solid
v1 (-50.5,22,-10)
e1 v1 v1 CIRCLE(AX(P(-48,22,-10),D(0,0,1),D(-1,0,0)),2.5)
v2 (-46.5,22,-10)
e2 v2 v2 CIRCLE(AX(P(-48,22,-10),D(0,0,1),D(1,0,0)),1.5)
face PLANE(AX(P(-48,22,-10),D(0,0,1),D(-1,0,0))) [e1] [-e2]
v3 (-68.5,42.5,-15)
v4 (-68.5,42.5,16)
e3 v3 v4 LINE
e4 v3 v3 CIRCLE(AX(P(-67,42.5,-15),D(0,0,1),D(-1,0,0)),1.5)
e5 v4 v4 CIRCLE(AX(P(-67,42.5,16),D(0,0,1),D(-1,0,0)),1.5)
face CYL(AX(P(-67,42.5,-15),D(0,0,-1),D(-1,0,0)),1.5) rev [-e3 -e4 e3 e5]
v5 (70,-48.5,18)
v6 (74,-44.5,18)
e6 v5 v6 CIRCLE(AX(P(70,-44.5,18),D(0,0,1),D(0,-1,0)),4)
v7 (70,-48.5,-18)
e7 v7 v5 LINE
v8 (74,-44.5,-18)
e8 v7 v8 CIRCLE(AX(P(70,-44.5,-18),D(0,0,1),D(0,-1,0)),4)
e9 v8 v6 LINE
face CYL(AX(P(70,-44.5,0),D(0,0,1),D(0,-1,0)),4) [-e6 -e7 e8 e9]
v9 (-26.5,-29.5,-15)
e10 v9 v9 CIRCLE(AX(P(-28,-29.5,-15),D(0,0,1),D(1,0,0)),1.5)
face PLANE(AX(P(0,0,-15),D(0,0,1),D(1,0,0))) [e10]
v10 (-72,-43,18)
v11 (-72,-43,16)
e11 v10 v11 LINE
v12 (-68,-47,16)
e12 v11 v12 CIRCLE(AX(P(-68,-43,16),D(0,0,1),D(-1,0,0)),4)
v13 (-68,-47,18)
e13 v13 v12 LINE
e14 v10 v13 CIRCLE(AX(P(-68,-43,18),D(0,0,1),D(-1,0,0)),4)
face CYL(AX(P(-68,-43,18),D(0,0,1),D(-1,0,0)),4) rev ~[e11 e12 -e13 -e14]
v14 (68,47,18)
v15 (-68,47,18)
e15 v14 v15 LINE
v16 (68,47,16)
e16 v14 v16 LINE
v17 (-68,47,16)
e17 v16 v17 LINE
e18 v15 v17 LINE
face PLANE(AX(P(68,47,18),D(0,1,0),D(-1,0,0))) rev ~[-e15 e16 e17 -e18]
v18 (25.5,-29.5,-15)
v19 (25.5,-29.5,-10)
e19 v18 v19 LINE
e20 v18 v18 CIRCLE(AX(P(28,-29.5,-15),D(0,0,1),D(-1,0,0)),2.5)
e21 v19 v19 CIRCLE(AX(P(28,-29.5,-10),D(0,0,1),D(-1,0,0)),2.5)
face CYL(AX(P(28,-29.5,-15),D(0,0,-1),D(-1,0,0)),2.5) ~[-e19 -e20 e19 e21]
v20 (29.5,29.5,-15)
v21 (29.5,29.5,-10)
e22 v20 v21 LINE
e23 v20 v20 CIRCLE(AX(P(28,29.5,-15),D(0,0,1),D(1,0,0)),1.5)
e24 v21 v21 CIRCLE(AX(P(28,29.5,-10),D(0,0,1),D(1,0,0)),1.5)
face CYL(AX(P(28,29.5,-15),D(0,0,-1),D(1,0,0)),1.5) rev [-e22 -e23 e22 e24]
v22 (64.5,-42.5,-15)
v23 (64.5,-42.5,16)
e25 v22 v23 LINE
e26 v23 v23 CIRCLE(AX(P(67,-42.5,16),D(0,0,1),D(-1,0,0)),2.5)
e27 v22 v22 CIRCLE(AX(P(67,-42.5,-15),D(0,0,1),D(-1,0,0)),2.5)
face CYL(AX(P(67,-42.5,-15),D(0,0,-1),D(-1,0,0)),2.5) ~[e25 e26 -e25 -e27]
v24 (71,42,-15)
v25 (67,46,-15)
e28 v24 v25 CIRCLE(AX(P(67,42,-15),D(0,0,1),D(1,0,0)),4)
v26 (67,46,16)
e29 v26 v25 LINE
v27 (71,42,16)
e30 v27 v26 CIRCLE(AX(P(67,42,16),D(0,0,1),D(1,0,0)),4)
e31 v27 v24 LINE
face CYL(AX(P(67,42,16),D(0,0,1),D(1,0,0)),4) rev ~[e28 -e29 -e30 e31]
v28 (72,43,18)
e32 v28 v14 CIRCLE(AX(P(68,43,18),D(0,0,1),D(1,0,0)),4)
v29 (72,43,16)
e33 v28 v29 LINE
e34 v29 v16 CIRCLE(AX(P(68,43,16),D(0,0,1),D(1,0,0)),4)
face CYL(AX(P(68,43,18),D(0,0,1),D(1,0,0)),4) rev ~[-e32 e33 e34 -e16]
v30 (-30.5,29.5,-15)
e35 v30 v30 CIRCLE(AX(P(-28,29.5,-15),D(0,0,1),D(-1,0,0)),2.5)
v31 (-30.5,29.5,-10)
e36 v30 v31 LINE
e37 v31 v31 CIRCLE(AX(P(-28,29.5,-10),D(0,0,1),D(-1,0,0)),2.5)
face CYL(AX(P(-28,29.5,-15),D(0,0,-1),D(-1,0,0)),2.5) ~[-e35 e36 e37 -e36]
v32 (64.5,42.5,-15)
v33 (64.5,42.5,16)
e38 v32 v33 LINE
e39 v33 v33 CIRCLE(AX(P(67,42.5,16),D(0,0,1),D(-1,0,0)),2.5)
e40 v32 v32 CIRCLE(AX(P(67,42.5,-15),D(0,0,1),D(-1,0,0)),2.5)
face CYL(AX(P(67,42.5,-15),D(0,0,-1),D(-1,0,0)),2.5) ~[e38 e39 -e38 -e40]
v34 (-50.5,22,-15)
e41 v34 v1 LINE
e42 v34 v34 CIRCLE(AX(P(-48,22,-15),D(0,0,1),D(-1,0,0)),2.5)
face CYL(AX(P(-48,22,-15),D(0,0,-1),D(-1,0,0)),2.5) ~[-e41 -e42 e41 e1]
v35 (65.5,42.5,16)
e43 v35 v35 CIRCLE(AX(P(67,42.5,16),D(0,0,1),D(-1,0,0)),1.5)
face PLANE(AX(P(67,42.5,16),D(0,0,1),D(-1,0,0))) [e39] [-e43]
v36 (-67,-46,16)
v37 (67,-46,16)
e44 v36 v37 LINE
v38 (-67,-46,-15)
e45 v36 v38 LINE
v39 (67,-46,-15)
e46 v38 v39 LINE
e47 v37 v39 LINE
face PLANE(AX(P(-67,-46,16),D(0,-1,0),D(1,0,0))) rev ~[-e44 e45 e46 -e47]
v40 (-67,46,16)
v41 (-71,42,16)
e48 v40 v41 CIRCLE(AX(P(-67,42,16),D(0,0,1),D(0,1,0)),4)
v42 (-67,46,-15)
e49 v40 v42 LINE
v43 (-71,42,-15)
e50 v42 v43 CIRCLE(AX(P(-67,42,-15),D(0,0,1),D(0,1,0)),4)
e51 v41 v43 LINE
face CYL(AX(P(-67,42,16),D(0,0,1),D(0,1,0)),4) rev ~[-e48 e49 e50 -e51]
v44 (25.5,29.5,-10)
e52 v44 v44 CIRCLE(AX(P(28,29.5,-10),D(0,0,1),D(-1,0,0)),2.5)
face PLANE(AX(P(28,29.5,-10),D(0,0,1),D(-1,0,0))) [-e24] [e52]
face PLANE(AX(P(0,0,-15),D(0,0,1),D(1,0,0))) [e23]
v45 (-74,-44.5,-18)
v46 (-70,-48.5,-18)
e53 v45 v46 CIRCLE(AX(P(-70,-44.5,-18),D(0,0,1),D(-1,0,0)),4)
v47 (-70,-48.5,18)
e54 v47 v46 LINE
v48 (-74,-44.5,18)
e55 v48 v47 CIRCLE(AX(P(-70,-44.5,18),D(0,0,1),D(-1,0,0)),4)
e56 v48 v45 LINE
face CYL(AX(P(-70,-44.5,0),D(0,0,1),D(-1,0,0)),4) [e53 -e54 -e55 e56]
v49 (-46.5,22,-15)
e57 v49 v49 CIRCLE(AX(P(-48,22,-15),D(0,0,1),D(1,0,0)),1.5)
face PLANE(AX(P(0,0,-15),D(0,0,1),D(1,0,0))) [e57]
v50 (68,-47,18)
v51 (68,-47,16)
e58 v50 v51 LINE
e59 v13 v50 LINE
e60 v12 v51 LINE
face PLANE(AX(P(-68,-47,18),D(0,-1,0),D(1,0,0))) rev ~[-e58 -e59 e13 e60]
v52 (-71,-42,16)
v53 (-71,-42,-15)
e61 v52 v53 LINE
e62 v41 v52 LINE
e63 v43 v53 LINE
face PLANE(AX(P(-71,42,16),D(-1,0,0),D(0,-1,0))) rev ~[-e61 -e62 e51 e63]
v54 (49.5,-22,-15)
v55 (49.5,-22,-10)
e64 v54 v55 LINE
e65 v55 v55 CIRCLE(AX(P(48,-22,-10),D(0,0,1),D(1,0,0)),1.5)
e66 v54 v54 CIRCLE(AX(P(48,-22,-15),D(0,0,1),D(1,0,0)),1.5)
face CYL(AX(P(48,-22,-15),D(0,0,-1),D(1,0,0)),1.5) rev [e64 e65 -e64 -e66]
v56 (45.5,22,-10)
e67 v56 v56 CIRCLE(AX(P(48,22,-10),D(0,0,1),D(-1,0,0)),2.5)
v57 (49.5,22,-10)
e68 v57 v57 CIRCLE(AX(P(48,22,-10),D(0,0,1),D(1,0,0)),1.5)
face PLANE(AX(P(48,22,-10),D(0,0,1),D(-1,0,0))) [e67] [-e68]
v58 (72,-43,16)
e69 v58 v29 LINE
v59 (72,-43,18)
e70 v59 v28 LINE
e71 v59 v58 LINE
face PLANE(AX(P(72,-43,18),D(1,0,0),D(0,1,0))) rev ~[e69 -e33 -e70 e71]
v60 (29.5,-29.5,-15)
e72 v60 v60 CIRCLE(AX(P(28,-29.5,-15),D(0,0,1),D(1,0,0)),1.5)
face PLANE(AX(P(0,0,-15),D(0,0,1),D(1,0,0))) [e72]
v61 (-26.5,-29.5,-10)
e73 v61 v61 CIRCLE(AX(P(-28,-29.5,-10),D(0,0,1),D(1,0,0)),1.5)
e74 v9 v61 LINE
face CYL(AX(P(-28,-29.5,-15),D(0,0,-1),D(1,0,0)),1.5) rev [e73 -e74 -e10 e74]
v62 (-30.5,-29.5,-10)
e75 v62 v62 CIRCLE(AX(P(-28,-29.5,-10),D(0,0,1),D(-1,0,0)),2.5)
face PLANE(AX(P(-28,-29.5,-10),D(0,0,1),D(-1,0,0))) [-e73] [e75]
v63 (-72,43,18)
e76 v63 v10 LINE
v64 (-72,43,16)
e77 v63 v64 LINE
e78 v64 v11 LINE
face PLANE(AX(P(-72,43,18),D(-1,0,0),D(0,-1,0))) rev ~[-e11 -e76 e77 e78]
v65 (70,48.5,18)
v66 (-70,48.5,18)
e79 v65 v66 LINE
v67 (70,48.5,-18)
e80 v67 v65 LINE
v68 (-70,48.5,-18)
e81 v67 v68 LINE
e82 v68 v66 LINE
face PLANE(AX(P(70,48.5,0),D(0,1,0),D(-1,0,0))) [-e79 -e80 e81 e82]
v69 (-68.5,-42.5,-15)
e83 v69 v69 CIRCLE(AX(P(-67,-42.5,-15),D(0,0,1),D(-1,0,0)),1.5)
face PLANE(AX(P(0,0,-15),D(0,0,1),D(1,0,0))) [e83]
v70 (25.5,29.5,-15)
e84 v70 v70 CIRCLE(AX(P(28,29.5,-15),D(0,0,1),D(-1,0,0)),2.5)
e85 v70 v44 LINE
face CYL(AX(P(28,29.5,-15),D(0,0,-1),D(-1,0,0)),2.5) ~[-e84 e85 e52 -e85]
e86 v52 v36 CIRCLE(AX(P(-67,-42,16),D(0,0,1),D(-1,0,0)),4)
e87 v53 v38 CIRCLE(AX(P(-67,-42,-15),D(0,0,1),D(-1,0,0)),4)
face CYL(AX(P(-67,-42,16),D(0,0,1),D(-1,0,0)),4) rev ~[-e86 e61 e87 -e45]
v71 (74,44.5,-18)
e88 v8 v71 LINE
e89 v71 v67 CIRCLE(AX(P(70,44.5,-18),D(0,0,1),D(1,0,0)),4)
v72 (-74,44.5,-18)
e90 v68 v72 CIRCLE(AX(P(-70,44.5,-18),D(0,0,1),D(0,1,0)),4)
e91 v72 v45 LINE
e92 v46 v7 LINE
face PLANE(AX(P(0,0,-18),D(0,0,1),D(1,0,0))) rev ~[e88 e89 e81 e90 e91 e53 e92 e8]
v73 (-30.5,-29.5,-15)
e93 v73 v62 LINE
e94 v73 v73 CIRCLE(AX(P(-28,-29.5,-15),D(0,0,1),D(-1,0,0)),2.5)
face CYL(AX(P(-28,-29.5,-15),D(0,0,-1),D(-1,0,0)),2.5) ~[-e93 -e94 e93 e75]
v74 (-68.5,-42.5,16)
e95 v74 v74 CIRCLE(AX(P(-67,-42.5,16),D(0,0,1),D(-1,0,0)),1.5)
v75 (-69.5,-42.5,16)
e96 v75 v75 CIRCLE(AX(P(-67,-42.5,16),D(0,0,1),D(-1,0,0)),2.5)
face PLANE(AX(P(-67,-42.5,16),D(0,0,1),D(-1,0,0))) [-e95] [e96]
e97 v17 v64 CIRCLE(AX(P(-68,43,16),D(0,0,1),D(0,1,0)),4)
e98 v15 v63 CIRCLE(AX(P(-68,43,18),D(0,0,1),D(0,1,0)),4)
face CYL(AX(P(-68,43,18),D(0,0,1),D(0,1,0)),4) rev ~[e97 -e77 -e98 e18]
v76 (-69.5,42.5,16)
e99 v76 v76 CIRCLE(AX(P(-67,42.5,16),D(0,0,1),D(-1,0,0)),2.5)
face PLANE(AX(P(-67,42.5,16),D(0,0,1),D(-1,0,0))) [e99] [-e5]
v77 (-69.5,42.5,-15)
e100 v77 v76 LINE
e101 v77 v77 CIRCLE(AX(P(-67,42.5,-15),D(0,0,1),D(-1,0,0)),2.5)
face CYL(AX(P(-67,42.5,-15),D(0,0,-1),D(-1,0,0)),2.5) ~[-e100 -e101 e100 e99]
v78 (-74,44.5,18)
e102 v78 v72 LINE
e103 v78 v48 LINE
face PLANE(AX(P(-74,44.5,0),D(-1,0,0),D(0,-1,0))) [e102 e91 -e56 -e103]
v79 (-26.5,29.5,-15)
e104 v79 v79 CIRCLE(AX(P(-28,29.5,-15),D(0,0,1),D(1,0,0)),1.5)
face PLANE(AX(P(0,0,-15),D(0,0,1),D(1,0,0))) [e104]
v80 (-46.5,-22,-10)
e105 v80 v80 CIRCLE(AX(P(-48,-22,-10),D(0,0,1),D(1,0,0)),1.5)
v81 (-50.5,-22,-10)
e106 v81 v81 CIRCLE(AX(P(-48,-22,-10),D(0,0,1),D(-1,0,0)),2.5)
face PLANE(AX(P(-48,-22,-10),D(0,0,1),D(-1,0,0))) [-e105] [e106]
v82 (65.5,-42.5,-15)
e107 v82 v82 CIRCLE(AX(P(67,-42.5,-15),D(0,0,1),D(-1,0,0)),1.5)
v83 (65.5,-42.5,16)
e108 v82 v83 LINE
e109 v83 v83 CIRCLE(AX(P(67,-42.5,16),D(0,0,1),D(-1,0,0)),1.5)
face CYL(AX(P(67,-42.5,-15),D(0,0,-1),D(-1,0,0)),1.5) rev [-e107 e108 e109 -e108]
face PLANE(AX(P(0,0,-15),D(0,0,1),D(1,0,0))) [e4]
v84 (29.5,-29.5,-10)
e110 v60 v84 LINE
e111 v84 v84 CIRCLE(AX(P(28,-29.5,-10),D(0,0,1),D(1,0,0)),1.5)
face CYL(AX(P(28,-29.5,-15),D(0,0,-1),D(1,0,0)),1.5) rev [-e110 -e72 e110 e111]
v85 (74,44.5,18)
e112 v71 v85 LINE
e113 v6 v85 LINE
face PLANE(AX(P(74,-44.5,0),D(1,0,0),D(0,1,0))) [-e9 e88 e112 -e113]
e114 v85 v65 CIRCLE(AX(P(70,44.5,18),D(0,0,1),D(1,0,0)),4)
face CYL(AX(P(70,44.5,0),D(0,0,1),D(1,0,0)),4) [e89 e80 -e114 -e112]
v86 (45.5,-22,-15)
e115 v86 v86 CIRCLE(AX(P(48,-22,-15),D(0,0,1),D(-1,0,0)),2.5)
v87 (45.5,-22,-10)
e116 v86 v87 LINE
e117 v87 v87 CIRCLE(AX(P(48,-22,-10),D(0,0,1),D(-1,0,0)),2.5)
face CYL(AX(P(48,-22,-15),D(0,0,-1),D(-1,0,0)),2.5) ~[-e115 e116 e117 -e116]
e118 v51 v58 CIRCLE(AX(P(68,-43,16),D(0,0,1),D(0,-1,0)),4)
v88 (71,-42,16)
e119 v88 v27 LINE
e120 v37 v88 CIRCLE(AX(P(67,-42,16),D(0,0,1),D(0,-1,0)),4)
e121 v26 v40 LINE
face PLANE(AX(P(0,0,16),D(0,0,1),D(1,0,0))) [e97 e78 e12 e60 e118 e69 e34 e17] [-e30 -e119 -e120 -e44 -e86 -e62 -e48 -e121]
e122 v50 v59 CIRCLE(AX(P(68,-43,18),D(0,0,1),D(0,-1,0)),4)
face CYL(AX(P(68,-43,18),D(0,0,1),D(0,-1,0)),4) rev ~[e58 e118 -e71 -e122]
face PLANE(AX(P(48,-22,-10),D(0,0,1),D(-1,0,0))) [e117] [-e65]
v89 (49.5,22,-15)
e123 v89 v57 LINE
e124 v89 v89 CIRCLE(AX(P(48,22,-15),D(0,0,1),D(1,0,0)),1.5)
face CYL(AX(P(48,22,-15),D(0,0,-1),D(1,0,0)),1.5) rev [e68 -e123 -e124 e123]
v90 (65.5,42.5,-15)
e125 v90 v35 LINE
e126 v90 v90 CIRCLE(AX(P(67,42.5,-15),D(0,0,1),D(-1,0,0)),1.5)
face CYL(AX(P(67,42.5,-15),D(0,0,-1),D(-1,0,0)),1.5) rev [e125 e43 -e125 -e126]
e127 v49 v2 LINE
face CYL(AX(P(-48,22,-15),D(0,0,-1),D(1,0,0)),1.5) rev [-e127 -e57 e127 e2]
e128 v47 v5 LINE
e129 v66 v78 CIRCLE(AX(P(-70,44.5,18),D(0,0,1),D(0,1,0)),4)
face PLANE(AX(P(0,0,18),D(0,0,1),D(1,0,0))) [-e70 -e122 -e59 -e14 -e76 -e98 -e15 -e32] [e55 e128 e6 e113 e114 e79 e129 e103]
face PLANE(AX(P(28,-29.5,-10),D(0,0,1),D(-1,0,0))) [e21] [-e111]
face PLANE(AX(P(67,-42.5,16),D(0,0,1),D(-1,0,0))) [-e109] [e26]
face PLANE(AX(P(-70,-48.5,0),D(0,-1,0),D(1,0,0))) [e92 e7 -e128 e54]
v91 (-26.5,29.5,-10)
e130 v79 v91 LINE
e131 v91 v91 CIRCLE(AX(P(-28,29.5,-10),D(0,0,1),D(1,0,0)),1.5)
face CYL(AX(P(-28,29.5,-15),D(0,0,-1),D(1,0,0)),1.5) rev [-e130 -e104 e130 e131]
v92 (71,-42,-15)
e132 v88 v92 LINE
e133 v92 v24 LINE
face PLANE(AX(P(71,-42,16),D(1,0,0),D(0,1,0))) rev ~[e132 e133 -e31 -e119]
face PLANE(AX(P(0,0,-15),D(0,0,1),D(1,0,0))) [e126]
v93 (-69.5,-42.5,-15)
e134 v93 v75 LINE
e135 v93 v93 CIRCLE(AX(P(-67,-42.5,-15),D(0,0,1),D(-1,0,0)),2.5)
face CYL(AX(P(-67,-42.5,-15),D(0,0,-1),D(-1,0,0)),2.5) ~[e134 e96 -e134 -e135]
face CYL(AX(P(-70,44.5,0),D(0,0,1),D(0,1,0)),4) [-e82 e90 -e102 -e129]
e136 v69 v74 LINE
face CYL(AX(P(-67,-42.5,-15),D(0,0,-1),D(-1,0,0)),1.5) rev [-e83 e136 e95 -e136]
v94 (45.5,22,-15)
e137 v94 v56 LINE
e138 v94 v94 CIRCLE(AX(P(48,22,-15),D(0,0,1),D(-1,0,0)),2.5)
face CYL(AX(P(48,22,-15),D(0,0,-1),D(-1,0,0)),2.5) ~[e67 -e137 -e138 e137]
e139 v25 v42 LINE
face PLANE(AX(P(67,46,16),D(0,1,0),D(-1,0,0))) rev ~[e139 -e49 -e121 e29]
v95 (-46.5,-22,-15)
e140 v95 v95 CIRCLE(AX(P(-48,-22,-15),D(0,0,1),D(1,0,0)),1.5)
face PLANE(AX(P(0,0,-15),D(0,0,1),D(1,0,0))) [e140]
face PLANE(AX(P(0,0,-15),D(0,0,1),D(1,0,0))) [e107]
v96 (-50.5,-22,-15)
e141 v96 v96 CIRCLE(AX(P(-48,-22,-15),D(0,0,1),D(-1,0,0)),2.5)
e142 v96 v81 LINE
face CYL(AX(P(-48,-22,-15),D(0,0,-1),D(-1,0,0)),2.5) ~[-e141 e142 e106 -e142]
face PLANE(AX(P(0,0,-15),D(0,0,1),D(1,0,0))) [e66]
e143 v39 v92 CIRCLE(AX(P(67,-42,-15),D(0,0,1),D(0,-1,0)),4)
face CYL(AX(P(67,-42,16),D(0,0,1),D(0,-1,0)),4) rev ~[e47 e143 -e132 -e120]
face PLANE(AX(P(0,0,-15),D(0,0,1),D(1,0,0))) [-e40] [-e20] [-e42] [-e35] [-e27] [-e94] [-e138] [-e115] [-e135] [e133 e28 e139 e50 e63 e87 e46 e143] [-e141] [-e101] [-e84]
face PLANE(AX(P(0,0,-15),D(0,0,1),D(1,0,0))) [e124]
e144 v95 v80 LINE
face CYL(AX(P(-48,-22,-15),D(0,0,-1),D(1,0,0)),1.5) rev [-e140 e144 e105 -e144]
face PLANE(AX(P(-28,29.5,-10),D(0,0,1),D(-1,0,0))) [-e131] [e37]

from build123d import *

# Parameters (mm, degrees)
RESSALTO_EXTRUS_O1_DEPTH = 18
CORTE_EXTRUS_O1_DEPTH    = 2
CORTE_EXTRUS_O2_DEPTH    = 31
ESBO_O4_R                = 2.5
ESBO_O4_R_2              = 1.5
RESSALTO_EXTRUS_O2_DEPTH = 5
ESBO_O5_R                = 2.5
ESBO_O5_R_2              = 1.5
RESSALTO_EXTRUS_O3_DEPTH = 31


with BuildPart() as part:
    # Esboço1 → Ressalto-extrusão1 (new, symmetric)
    with BuildSketch(Plane.XY):
        with BuildLine():
            Line((-70, -48.5), (70, -48.5))
            ThreePointArc((70, -48.5), (72.828427125, -47.328427125), (74, -44.5))
            Line((74, -44.5), (74, 44.5))
            ThreePointArc((74, 44.5), (72.828427125, 47.328427125), (70, 48.5))
            Line((70, 48.5), (-70, 48.5))
            ThreePointArc((-70, 48.5), (-72.828427125, 47.328427125), (-74, 44.5))
            Line((-74, 44.5), (-74, -44.5))
            ThreePointArc((-74, -44.5), (-72.828427125, -47.328427125), (-70, -48.5))
        make_face()
    extrude(amount=RESSALTO_EXTRUS_O1_DEPTH, both=True)

    # Esboço2 → Corte-extrusão1 (cut)
    with BuildSketch(Plane.XY.offset(18)):
        with BuildLine():
            Line((-68, -47), (68, -47))
            ThreePointArc((68, -47), (70.828427125, -45.828427125), (72, -43))
            Line((72, -43), (72, 43))
            ThreePointArc((72, 43), (70.828427125, 45.828427125), (68, 47))
            Line((68, 47), (-68, 47))
            ThreePointArc((-68, 47), (-70.828427125, 45.828427125), (-72, 43))
            Line((-72, 43), (-72, -43))
            ThreePointArc((-72, -43), (-70.828427125, -45.828427125), (-68, -47))
        make_face()
    extrude(amount=-CORTE_EXTRUS_O1_DEPTH, mode=Mode.SUBTRACT)

    # Esboço3 → Corte-extrusão2 (cut)
    with BuildSketch(Plane.XY.offset(16)):
        with BuildLine():
            Line((-67, -46), (67, -46))
            ThreePointArc((67, -46), (69.828427125, -44.828427125), (71, -42))
            Line((71, -42), (71, 42))
            ThreePointArc((71, 42), (69.828427125, 44.828427125), (67, 46))
            Line((67, 46), (-67, 46))
            ThreePointArc((-67, 46), (-69.828427125, 44.828427125), (-71, 42))
            Line((-71, 42), (-71, -42))
            ThreePointArc((-71, -42), (-69.828427125, -44.828427125), (-67, -46))
        make_face()
    extrude(amount=-CORTE_EXTRUS_O2_DEPTH, mode=Mode.SUBTRACT)

    # Esboço4 → Ressalto-extrusão2 (add)
    # profile 1 of 8: a face of its own
    with BuildSketch(Plane.XY.offset(-15)):
        with Locations(Location((-28, 29.5, 0), (0, 0, 180))):
            Circle(ESBO_O4_R)
        with Locations((-28, 29.5)):
            Circle(ESBO_O4_R_2, mode=Mode.SUBTRACT)
    # profile 2 of 8: a face of its own
    with BuildSketch(Plane.XY.offset(-15)):
        with Locations(Location((28, 29.5, 0), (0, 0, 180))):
            Circle(ESBO_O4_R)
        with Locations((28, 29.5)):
            Circle(ESBO_O4_R_2, mode=Mode.SUBTRACT)
    # profile 3 of 8: a face of its own
    with BuildSketch(Plane.XY.offset(-15)):
        with Locations(Location((28, -29.5, 0), (0, 0, 180))):
            Circle(ESBO_O4_R)
        with Locations((28, -29.5)):
            Circle(ESBO_O4_R_2, mode=Mode.SUBTRACT)
    # profile 4 of 8: a face of its own
    with BuildSketch(Plane.XY.offset(-15)):
        with Locations(Location((-28, -29.5, 0), (0, 0, 180))):
            Circle(ESBO_O4_R)
        with Locations((-28, -29.5)):
            Circle(ESBO_O4_R_2, mode=Mode.SUBTRACT)
    # profile 5 of 8: a face of its own
    with BuildSketch(Plane.XY.offset(-15)):
        with Locations(Location((-48, 22, 0), (0, 0, 180))):
            Circle(ESBO_O4_R)
        with Locations((-48, 22)):
            Circle(ESBO_O4_R_2, mode=Mode.SUBTRACT)
    # profile 6 of 8: a face of its own
    with BuildSketch(Plane.XY.offset(-15)):
        with Locations(Location((-48, -22, 0), (0, 0, 180))):
            Circle(ESBO_O4_R)
        with Locations((-48, -22)):
            Circle(ESBO_O4_R_2, mode=Mode.SUBTRACT)
    # profile 7 of 8: a face of its own
    with BuildSketch(Plane.XY.offset(-15)):
        with Locations(Location((48, -22, 0), (0, 0, 180))):
            Circle(ESBO_O4_R)
        with Locations((48, -22)):
            Circle(ESBO_O4_R_2, mode=Mode.SUBTRACT)
    # profile 8 of 8: a face of its own
    with BuildSketch(Plane.XY.offset(-15)):
        with Locations(Location((48, 22, 0), (0, 0, 180))):
            Circle(ESBO_O4_R)
        with Locations((48, 22)):
            Circle(ESBO_O4_R_2, mode=Mode.SUBTRACT)
    extrude(amount=RESSALTO_EXTRUS_O2_DEPTH)

    # Esboço5 → Ressalto-extrusão3 (add)
    # profile 1 of 4: a face of its own
    with BuildSketch(Plane.XY.offset(-15)):
        with Locations(Location((-67, -42.5, 0), (0, 0, 180))):
            Circle(ESBO_O5_R)
        with Locations(Location((-67, -42.5, 0), (0, 0, 180))):
            Circle(ESBO_O5_R_2, mode=Mode.SUBTRACT)
    # profile 2 of 4: a face of its own
    with BuildSketch(Plane.XY.offset(-15)):
        with Locations(Location((67, -42.5, 0), (0, 0, 180))):
            Circle(ESBO_O5_R)
        with Locations(Location((67, -42.5, 0), (0, 0, 180))):
            Circle(ESBO_O5_R_2, mode=Mode.SUBTRACT)
    # profile 3 of 4: a face of its own
    with BuildSketch(Plane.XY.offset(-15)):
        with Locations(Location((67, 42.5, 0), (0, 0, 180))):
            Circle(ESBO_O5_R)
        with Locations(Location((67, 42.5, 0), (0, 0, 180))):
            Circle(ESBO_O5_R_2, mode=Mode.SUBTRACT)
    # profile 4 of 4: a face of its own
    with BuildSketch(Plane.XY.offset(-15)):
        with Locations(Location((-67, 42.5, 0), (0, 0, 180))):
            Circle(ESBO_O5_R)
        with Locations(Location((-67, 42.5, 0), (0, 0, 180))):
            Circle(ESBO_O5_R_2, mode=Mode.SUBTRACT)
    extrude(amount=RESSALTO_EXTRUS_O3_DEPTH)


solid = part.part
